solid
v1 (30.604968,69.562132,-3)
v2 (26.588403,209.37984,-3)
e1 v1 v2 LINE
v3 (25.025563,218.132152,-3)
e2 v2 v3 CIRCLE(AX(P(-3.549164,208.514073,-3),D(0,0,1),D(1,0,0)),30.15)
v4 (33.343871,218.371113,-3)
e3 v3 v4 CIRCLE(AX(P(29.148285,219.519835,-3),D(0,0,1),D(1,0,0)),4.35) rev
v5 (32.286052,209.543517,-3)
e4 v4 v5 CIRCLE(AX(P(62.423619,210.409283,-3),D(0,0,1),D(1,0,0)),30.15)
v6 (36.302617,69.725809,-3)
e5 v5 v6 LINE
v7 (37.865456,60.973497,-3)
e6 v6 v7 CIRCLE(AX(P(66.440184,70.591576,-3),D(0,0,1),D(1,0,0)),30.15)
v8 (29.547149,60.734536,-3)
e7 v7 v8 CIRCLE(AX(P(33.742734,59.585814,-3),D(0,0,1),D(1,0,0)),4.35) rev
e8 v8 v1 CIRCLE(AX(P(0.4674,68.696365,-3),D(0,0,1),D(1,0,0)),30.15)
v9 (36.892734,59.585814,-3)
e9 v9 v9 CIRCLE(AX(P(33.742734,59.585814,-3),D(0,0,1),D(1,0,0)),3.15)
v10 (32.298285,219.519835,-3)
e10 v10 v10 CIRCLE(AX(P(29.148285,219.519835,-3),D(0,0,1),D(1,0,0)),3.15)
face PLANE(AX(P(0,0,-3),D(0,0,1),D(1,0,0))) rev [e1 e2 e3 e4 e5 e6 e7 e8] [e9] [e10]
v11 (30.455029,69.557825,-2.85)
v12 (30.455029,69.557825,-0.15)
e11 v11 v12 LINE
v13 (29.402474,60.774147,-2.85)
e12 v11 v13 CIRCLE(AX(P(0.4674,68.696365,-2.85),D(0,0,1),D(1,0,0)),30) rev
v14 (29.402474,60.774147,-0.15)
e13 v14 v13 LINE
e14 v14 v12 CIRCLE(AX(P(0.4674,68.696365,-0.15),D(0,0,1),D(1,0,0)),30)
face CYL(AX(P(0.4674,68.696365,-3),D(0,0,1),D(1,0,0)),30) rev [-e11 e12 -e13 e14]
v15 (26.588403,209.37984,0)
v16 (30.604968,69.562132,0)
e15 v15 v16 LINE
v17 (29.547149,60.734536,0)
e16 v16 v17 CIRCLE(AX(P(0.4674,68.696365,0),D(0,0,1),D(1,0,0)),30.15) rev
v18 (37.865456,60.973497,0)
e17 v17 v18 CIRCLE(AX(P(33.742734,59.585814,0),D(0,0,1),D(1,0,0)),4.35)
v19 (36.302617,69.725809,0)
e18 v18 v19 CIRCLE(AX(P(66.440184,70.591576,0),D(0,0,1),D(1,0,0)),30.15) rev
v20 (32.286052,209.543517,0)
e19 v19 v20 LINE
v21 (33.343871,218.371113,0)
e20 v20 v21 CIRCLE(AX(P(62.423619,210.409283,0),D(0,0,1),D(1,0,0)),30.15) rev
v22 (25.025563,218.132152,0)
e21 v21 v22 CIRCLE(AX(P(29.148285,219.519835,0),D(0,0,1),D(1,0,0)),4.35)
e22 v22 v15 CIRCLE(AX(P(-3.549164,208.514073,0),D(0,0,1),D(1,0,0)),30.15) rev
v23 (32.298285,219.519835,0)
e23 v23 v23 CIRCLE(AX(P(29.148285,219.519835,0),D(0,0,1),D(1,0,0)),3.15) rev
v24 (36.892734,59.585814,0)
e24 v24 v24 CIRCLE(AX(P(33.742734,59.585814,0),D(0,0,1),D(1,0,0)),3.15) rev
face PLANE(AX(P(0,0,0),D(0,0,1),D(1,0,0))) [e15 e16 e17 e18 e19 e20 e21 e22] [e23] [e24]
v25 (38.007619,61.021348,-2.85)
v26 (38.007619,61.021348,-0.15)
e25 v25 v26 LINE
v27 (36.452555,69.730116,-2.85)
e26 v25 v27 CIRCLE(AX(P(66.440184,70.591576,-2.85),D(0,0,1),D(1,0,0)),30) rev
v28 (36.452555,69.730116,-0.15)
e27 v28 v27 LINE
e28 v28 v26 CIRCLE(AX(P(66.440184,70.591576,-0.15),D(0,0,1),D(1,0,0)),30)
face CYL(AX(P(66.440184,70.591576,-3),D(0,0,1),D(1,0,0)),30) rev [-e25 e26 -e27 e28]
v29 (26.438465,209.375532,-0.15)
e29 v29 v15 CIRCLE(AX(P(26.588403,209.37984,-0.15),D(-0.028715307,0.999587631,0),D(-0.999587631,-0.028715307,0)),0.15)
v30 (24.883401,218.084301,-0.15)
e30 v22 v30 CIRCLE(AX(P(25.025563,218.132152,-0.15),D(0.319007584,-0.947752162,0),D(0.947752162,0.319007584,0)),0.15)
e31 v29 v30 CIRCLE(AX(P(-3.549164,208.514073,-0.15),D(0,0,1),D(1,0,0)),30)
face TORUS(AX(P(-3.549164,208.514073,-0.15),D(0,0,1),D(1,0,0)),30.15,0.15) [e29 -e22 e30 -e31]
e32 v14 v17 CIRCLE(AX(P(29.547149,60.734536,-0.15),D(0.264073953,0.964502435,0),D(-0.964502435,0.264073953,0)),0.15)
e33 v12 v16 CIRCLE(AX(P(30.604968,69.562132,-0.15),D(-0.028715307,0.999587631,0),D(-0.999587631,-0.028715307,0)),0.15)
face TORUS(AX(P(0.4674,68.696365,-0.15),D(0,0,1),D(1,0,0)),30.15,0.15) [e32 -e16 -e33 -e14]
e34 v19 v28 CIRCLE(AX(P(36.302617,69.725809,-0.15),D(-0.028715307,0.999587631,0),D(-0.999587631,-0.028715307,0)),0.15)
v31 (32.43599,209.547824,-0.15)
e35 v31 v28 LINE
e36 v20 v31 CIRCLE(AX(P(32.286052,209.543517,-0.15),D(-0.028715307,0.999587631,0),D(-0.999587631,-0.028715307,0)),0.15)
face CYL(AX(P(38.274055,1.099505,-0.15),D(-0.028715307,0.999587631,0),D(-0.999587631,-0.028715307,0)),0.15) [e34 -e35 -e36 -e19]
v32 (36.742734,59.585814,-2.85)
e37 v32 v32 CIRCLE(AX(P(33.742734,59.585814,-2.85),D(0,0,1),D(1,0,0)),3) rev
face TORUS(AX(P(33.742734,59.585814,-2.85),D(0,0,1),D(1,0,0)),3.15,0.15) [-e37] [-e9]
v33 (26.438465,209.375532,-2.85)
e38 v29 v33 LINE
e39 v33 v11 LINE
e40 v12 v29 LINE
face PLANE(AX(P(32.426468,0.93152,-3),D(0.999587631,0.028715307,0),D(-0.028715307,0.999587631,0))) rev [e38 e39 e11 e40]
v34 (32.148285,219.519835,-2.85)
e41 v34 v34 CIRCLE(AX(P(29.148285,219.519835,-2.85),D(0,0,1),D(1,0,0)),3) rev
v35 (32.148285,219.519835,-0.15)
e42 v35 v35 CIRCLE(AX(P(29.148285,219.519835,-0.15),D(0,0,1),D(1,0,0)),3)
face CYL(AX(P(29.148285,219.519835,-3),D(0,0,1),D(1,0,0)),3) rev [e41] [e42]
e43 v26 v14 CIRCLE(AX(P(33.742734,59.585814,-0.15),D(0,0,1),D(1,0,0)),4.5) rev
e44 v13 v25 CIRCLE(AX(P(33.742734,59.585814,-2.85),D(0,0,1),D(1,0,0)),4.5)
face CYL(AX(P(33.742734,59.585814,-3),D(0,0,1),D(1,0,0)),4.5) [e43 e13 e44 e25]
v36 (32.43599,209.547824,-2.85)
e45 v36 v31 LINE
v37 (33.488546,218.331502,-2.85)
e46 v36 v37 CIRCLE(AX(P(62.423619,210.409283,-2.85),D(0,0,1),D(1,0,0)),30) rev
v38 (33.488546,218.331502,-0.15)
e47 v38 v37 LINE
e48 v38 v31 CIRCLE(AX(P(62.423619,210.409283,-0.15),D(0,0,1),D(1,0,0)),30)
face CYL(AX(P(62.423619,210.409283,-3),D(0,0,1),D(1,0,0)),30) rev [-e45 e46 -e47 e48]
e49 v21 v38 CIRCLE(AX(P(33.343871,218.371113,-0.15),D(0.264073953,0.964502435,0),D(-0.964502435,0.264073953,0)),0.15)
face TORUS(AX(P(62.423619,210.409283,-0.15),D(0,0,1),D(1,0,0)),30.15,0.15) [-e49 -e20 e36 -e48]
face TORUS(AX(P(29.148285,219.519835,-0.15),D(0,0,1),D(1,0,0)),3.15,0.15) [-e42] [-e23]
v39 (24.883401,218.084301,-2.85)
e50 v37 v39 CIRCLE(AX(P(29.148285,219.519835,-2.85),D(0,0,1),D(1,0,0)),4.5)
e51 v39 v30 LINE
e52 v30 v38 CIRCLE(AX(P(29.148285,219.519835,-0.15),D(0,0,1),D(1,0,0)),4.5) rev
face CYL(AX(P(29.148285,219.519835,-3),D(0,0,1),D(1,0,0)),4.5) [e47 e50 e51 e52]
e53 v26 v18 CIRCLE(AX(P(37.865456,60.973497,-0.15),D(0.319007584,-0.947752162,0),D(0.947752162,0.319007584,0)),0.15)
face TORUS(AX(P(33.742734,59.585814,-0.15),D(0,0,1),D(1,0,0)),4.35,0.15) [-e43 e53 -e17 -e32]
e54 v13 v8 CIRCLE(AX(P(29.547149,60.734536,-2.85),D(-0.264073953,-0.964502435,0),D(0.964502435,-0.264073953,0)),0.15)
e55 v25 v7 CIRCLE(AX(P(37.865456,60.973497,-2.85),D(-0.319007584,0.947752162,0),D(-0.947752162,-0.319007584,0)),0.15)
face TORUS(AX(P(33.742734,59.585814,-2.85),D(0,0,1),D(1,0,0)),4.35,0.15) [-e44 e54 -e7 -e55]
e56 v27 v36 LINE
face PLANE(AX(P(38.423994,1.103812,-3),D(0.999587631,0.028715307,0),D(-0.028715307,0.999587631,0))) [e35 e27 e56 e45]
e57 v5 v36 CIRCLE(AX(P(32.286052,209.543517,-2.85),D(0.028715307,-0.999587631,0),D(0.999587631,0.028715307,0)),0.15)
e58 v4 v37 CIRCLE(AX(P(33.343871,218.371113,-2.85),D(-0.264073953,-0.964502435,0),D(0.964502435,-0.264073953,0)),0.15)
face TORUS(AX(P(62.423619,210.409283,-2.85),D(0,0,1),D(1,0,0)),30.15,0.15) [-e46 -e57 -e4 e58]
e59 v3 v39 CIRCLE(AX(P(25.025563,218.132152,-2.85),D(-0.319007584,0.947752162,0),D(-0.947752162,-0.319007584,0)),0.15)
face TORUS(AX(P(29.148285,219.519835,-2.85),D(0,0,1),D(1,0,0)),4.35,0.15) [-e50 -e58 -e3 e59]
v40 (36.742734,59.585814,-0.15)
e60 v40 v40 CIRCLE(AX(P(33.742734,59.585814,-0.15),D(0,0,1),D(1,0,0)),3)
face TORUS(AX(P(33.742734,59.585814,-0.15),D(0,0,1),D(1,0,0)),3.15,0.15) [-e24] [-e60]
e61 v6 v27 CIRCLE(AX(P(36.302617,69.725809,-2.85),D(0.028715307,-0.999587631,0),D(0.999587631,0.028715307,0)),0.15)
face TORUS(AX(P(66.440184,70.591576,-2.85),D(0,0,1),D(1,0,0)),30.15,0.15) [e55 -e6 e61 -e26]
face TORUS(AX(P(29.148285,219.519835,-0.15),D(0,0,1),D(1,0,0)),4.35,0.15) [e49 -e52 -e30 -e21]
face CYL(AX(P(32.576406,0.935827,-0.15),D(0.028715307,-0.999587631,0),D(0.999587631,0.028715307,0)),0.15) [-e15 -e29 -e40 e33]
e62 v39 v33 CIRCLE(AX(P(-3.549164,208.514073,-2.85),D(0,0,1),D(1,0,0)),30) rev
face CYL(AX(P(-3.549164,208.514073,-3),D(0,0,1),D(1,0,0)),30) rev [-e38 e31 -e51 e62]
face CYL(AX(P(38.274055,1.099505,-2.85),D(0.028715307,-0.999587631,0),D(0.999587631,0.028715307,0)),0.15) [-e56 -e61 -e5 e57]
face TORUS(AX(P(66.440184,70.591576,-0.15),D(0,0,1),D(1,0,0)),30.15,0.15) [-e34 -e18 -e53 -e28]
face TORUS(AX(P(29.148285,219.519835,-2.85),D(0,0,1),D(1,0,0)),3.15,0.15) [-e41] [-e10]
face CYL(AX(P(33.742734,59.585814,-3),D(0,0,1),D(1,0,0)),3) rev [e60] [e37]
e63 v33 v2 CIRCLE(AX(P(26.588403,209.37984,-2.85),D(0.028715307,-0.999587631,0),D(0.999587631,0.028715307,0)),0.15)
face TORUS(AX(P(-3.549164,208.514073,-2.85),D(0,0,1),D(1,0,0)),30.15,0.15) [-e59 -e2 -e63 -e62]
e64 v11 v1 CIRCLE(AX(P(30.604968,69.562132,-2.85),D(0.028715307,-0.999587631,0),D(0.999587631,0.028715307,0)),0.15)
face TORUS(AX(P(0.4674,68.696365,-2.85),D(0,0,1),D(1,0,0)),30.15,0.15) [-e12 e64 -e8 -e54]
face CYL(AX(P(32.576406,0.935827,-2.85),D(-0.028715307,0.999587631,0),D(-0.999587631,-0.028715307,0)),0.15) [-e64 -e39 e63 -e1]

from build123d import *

# Parameters (mm, degrees)
BOSS_EXTRUDE3_DEPTH = 3
FILLET5_R           = 30
FILLET6_R           = 0.15


with BuildPart() as part:
    # Sketch2 → Boss-Extrude3 (new body)
    with BuildSketch(Plane.XY):
        with BuildLine():
            ThreePointArc((33.648285301, 219.519834824), (27.252371234, 223.600951075), (26.245836478, 216.080970066))
            Line((26.245836478, 216.080970066), (26.149522409, 219.433688903))
            ThreePointArc((26.149522409, 219.433688903), (29.062139379, 222.518597716), (32.147048192, 219.605980746))
            Line((32.147048192, 219.605980746), (32.243362261, 216.253261909))
            ThreePointArc((32.243362261, 216.253261909), (33.282160379, 217.741893082), (33.648285301, 219.519834824))
        make_face()
        with BuildLine():
            ThreePointArc((26.245836478, 216.080970066), (27.663960747, 215.271684566), (29.277504183, 215.021690487))
            Line((29.277504183, 215.021690487), (29.234431223, 216.521071933))
            ThreePointArc((29.234431223, 216.521071933), (27.08875409, 217.338474883), (26.149522409, 219.433688903))
            Line((26.149522409, 219.433688903), (26.245836478, 216.080970066))
        make_face()
        with BuildLine():
            Line((29.234431223, 216.521071933), (29.277504183, 215.021690487))
            ThreePointArc((29.277504183, 215.021690487), (30.874035272, 215.36390087), (32.243362261, 216.253261909))
            Line((32.243362261, 216.253261909), (32.147048192, 219.605980746))
            ThreePointArc((32.147048192, 219.605980746), (31.329645242, 217.460303614), (29.234431223, 216.521071933))
        make_face()
        with BuildLine():
            ThreePointArc((30.6476575, 62.852386853), (32.016984489, 63.741747893), (33.613515578, 64.083958275))
            Line((33.613515578, 64.083958275), (29.277504183, 215.021690487))
            ThreePointArc((29.277504183, 215.021690487), (27.663960747, 215.271684566), (26.245836478, 216.080970066))
            Line((26.245836478, 216.080970066), (30.6476575, 62.852386853))
        make_face()
        with BuildLine():
            Line((29.277504183, 215.021690487), (33.613515578, 64.083958275))
            ThreePointArc((33.613515578, 64.083958275), (35.227059015, 63.833964196), (36.645183284, 63.024678697))
            Line((36.645183284, 63.024678697), (32.243362261, 216.253261909))
            ThreePointArc((32.243362261, 216.253261909), (30.874035272, 215.36390087), (29.277504183, 215.021690487))
        make_face()
        with BuildLine():
            ThreePointArc((30.743971569, 59.499668016), (31.561374519, 61.645345148), (33.656588539, 62.58457683))
            Line((33.656588539, 62.58457683), (33.613515578, 64.083958275))
            ThreePointArc((33.613515578, 64.083958275), (32.016984489, 63.741747893), (30.6476575, 62.852386853))
            Line((30.6476575, 62.852386853), (30.743971569, 59.499668016))
        make_face()
        with BuildLine():
            Line((33.613515578, 64.083958275), (33.656588539, 62.58457683))
            ThreePointArc((33.656588539, 62.58457683), (35.802265671, 61.767173879), (36.741497352, 59.67195986))
            Line((36.741497352, 59.67195986), (36.645183284, 63.024678697))
            ThreePointArc((36.645183284, 63.024678697), (35.227059015, 63.833964196), (33.613515578, 64.083958275))
        make_face()
        with BuildLine():
            ThreePointArc((36.741497352, 59.67195986), (33.828880382, 56.587051046), (30.743971569, 59.499668016))
            Line((30.743971569, 59.499668016), (30.6476575, 62.852386853))
            ThreePointArc((30.6476575, 62.852386853), (31.964792718, 55.45193886), (38.24273446, 59.585813938))
            ThreePointArc((38.24273446, 59.585813938), (37.823850711, 61.481728005), (36.645183284, 63.024678697))
            Line((36.645183284, 63.024678697), (36.741497352, 59.67195986))
        make_face()
    extrude(amount=-BOSS_EXTRUDE3_DEPTH)

    # Fillet5
    fillet5_edges = [part.edges().sort_by_distance(p)[0] for p in [
        (30.6476575, 62.852386853, -1.5),
        (26.245836478, 216.080970066, -1.5),
        (32.243362261, 216.253261909, -1.5),
        (36.645183284, 63.024678697, -1.5),
    ]]
    fillet(fillet5_edges, radius=FILLET5_R)

    # Fillet6
    fillet6_edges = [part.edges().sort_by_distance(p)[0] for p in [
        (34.444272772, 139.638970303, 0),
        (34.444272772, 139.638970303, -3),
        (26.149522409, 219.433688903, -3),
        (29.019066418, 224.017979162, 0),
        (29.019066418, 224.017979162, -3),
        (28.446746989, 139.466678459, 0),
        (28.446746989, 139.466678459, -3),
        (33.143223957, 55.125927487, 0),
        (33.143223957, 55.125927487, -3),
        (32.636718656, 213.97867404, 0),
        (30.743971569, 59.499668016, -3),
        (32.636718656, 213.97867404, -3),
        (25.983705892, 213.787551922, 0),
        (25.983705892, 213.787551922, -3),
        (30.254301105, 65.126974722, 0),
        (30.254301105, 65.126974722, -3),
        (36.907313869, 65.31809684, 0),
        (36.907313869, 65.31809684, -3),
        (30.743971569, 59.499668016, 0),
        (26.149522409, 219.433688903, 0),
    ]]
    fillet(fillet6_edges, radius=FILLET6_R)


solid = part.part
